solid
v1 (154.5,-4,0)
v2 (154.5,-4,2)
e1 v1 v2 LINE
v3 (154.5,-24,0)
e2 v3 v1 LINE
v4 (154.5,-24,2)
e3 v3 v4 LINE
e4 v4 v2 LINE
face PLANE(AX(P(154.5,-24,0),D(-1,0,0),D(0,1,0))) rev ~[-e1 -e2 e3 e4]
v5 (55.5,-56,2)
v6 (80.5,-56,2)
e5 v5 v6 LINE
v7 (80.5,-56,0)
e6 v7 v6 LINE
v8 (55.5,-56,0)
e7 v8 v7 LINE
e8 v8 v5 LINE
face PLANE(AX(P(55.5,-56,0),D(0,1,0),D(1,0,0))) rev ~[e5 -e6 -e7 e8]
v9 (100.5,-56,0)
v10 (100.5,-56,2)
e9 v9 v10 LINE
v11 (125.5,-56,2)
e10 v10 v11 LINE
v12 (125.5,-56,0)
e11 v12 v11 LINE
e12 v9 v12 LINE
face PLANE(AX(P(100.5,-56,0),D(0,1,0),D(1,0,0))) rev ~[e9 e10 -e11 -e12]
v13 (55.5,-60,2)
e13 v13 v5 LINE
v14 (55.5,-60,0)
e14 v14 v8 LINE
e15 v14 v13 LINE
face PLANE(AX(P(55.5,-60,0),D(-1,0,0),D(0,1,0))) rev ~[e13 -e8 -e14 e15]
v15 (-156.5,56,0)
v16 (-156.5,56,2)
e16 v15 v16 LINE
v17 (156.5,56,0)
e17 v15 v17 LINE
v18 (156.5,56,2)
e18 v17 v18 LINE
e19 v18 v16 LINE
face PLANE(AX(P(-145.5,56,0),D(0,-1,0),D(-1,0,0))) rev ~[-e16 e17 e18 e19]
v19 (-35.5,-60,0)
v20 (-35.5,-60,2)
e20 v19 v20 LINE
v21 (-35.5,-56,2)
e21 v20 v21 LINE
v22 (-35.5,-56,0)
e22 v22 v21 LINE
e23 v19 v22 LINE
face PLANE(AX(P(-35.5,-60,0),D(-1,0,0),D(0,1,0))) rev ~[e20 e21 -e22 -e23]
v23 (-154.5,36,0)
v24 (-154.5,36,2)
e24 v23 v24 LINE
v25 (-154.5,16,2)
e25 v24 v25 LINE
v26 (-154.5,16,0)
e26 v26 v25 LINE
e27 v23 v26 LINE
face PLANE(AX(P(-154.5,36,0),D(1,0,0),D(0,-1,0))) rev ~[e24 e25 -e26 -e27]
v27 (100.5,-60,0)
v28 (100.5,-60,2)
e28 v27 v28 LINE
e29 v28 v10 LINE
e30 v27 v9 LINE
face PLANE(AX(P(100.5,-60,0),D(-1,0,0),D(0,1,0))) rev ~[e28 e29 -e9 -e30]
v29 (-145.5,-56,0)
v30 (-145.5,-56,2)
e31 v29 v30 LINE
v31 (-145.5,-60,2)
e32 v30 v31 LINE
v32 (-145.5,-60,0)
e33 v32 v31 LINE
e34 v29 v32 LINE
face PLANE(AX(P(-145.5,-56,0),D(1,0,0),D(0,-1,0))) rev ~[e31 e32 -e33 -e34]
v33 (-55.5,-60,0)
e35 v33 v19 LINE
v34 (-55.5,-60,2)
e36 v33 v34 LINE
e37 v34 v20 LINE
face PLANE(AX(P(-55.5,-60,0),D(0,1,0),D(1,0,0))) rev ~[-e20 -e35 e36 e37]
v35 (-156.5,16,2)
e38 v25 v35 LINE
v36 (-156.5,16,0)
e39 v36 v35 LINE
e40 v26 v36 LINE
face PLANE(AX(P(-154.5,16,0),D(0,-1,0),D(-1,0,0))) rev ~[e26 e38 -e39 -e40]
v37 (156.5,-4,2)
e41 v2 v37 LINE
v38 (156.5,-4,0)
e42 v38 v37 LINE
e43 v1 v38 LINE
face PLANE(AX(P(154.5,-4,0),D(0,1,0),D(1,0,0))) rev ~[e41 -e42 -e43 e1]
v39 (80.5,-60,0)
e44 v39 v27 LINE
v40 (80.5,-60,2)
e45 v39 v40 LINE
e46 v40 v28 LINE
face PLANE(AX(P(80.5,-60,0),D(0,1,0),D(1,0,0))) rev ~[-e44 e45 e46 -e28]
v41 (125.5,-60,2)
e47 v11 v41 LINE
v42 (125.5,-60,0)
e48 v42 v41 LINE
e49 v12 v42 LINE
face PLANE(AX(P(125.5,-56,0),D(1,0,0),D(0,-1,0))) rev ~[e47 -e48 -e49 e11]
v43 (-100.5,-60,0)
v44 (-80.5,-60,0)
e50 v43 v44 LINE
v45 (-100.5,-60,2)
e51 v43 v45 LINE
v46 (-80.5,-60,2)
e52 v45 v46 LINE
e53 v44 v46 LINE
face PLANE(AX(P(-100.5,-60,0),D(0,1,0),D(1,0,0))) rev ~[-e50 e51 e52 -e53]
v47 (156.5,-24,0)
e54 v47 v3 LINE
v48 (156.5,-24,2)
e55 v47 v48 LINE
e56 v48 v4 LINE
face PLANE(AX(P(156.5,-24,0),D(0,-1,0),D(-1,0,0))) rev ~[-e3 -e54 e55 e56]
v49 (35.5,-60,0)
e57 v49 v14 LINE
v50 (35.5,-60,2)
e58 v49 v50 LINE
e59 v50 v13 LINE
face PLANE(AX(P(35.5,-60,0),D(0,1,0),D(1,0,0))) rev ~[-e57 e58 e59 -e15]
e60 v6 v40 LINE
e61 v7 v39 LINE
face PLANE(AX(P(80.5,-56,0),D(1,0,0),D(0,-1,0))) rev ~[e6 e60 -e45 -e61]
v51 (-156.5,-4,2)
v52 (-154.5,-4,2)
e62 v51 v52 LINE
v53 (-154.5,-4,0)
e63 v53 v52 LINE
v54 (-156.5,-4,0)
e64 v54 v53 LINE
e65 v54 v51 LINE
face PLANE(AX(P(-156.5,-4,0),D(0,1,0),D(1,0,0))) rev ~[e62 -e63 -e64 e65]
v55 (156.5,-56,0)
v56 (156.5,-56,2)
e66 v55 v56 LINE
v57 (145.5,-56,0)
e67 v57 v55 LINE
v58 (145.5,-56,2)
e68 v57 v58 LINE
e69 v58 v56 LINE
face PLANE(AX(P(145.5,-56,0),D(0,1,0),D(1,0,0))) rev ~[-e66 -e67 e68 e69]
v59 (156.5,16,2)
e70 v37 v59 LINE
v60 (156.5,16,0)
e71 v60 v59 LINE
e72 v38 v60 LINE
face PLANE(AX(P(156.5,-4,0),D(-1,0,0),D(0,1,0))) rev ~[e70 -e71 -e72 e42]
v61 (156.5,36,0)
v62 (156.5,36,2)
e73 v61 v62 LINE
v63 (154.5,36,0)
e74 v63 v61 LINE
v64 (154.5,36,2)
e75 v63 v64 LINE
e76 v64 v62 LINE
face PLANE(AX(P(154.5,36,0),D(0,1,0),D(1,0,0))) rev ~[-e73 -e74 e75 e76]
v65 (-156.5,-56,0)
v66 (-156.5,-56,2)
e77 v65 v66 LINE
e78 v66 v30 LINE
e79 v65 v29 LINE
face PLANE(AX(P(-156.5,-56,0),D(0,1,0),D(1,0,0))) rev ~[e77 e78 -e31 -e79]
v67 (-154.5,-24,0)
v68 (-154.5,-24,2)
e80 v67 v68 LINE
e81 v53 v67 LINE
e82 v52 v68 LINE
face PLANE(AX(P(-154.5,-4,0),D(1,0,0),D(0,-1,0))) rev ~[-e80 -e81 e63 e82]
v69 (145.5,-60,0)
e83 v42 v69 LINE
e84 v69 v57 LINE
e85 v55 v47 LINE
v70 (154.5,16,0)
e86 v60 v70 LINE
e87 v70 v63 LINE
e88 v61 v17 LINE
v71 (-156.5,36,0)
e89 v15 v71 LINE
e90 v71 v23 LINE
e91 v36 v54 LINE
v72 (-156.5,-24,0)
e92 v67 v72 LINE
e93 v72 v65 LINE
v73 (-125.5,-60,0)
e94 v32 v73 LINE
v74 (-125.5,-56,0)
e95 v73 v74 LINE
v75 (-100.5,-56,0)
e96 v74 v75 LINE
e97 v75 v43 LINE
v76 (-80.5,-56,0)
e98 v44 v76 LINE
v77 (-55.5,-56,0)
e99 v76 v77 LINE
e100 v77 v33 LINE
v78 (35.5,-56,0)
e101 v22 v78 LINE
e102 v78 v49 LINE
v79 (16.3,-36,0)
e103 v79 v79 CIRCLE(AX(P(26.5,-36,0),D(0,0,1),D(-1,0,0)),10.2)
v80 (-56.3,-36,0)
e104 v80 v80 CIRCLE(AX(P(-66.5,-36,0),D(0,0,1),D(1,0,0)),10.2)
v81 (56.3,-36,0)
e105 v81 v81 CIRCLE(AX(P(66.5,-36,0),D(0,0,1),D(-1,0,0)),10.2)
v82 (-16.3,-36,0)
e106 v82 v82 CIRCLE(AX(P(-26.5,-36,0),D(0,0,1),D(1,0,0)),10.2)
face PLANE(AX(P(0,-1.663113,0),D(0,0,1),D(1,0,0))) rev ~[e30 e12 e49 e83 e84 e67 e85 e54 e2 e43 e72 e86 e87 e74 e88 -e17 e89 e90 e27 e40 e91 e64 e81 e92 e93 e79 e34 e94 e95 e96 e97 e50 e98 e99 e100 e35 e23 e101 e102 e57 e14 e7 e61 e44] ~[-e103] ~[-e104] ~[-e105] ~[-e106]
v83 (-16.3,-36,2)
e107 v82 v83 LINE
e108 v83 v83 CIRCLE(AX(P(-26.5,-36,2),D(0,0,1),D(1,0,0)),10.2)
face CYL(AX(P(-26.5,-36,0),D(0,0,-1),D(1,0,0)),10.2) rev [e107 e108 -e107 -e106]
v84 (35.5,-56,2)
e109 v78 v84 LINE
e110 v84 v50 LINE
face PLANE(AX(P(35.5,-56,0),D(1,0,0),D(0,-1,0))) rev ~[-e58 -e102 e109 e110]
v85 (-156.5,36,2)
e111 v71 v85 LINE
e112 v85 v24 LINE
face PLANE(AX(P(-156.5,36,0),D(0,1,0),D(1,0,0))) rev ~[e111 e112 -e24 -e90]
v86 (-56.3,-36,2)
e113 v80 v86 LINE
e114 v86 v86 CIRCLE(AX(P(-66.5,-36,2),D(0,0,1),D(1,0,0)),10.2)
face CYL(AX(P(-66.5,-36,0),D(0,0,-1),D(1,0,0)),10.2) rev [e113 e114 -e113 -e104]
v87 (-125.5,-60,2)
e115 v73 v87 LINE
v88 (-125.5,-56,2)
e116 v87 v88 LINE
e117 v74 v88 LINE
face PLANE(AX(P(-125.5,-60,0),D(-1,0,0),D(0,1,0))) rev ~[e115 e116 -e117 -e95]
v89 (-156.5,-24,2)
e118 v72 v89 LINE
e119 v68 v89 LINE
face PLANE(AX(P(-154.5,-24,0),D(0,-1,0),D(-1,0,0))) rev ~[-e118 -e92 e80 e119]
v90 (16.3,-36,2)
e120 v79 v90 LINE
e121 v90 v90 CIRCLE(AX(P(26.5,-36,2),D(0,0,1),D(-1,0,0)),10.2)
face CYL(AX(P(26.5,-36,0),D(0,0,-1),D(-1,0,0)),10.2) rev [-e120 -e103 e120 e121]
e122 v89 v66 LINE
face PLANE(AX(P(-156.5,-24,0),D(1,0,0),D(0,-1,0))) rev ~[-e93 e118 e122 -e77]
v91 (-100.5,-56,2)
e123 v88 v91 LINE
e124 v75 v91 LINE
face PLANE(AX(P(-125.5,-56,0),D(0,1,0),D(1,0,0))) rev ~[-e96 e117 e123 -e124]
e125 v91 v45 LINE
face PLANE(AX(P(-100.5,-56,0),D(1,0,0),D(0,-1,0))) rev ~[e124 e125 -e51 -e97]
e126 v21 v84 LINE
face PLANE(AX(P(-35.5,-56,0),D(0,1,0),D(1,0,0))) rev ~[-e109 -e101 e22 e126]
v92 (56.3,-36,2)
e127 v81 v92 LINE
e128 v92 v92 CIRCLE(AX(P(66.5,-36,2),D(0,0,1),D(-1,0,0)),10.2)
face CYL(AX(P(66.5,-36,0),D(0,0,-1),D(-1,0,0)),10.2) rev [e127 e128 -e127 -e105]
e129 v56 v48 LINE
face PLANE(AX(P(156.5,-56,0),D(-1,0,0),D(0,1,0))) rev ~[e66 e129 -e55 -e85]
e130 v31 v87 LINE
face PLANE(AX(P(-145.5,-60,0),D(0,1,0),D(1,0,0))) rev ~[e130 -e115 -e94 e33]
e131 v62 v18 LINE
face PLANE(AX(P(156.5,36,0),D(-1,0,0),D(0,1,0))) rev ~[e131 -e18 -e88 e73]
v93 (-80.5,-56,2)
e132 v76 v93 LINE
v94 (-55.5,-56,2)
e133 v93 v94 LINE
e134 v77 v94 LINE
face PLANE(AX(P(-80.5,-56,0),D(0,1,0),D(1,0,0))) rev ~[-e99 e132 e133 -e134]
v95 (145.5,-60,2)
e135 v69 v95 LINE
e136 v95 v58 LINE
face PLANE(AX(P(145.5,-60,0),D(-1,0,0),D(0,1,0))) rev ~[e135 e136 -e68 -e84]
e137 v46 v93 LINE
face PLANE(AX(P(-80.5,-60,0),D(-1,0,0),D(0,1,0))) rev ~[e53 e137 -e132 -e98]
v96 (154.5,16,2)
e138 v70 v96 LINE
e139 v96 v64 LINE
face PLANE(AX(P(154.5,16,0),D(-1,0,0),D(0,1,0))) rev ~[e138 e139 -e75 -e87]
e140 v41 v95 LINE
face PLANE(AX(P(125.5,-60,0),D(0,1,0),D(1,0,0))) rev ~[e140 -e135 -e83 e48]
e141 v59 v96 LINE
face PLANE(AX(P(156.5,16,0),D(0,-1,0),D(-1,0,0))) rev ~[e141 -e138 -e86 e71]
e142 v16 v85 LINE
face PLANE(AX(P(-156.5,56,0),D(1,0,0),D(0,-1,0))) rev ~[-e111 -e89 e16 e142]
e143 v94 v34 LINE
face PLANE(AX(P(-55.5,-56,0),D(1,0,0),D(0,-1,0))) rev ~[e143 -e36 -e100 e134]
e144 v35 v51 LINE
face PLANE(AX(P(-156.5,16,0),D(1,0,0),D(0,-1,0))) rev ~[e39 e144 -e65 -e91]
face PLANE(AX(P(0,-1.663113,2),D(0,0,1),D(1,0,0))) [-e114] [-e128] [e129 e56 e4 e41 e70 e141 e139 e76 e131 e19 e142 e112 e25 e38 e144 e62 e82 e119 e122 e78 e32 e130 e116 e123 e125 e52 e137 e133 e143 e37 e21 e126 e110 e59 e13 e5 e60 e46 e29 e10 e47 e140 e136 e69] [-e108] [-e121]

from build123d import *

# Parameters (mm, degrees)
SKETCH1_R               = 10.2
BOSS_EXTRUDE1_DEPTH     = 2
CUT_EXTRUDE4_DEPTH      = 168.619360457
CUT_EXTRUDE4_DEPTH_BACK = 168.619360457
SKETCH5_W               = 20
SKETCH5_H               = 2


with BuildPart() as part:
    # Sketch1 → Boss-Extrude1 (new body)
    with BuildSketch(Plane.XY):
        Polygon((-156.5, -56), (-145.5, -56), (-145.5, -60), (-125.5, -60), (-125.5, -56), (-100.5, -56), (-100.5, -60), (-80.5, -60), (-80.5, -56), (-55.5, -56), (-55.5, -60), (-35.5, -60), (-35.5, -56), (35.5, -56), (35.5, -60), (55.5, -60), (55.5, -56), (80.5, -56), (80.5, -60), (100.5, -60), (100.5, -56), (125.5, -56), (125.5, -60), (145.5, -60), (145.5, -56), (156.5, -56), (156.5, -24), (154.5, -24), (154.5, -4), (156.5, -4), (156.5, 16), (154.5, 16), (154.5, 36), (156.5, 36), (156.5, 56), (145.5, 56), (145.5, 58), (125.5, 58), (125.5, 56), (100.5, 56), (100.5, 58), (80.5, 58), (80.5, 56), (55.5, 56), (55.5, 58), (35.5, 58), (35.5, 56), (-35.5, 56), (-35.5, 58), (-55.5, 58), (-55.5, 56), (-80.5, 56), (-80.5, 58), (-100.5, 58), (-100.5, 56), (-125.5, 56), (-125.5, 58), (-145.5, 58), (-145.5, 56), (-156.5, 56), (-156.5, 36), (-154.5, 36), (-154.5, 16), (-156.5, 16), (-156.5, -4), (-154.5, -4), (-154.5, -24), (-156.5, -24), align=None)
        with Locations((-66.5, -36)):
            Circle(SKETCH1_R, mode=Mode.SUBTRACT)
        with Locations((-26.5, -36)):
            Circle(SKETCH1_R, mode=Mode.SUBTRACT)
        with Locations(Location((26.5, -36, 0), (0, 0, 180))):
            Circle(SKETCH1_R, mode=Mode.SUBTRACT)
        with Locations(Location((66.5, -36, 0), (0, 0, 180))):
            Circle(SKETCH1_R, mode=Mode.SUBTRACT)
    extrude(amount=BOSS_EXTRUDE1_DEPTH)

    # Sketch5 → Cut-Extrude4 (cut, two sides: drawn at the far end of the back side and taken through both)
    with BuildSketch(Plane.XY.offset(2).offset(-CUT_EXTRUDE4_DEPTH_BACK)):
        with Locations((-135.5, 57)):
            Rectangle(SKETCH5_W, SKETCH5_H)
        with Locations((-90.5, 57)):
            Rectangle(SKETCH5_W, SKETCH5_H)
        with Locations((-45.5, 57)):
            Rectangle(SKETCH5_W, SKETCH5_H)
        with Locations((45.5, 57)):
            Rectangle(SKETCH5_W, SKETCH5_H)
        with Locations((90.5, 57)):
            Rectangle(SKETCH5_W, SKETCH5_H)
        with Locations((135.5, 57)):
            Rectangle(SKETCH5_W, SKETCH5_H)
    extrude(amount=CUT_EXTRUDE4_DEPTH + CUT_EXTRUDE4_DEPTH_BACK, mode=Mode.SUBTRACT)


solid = part.part
